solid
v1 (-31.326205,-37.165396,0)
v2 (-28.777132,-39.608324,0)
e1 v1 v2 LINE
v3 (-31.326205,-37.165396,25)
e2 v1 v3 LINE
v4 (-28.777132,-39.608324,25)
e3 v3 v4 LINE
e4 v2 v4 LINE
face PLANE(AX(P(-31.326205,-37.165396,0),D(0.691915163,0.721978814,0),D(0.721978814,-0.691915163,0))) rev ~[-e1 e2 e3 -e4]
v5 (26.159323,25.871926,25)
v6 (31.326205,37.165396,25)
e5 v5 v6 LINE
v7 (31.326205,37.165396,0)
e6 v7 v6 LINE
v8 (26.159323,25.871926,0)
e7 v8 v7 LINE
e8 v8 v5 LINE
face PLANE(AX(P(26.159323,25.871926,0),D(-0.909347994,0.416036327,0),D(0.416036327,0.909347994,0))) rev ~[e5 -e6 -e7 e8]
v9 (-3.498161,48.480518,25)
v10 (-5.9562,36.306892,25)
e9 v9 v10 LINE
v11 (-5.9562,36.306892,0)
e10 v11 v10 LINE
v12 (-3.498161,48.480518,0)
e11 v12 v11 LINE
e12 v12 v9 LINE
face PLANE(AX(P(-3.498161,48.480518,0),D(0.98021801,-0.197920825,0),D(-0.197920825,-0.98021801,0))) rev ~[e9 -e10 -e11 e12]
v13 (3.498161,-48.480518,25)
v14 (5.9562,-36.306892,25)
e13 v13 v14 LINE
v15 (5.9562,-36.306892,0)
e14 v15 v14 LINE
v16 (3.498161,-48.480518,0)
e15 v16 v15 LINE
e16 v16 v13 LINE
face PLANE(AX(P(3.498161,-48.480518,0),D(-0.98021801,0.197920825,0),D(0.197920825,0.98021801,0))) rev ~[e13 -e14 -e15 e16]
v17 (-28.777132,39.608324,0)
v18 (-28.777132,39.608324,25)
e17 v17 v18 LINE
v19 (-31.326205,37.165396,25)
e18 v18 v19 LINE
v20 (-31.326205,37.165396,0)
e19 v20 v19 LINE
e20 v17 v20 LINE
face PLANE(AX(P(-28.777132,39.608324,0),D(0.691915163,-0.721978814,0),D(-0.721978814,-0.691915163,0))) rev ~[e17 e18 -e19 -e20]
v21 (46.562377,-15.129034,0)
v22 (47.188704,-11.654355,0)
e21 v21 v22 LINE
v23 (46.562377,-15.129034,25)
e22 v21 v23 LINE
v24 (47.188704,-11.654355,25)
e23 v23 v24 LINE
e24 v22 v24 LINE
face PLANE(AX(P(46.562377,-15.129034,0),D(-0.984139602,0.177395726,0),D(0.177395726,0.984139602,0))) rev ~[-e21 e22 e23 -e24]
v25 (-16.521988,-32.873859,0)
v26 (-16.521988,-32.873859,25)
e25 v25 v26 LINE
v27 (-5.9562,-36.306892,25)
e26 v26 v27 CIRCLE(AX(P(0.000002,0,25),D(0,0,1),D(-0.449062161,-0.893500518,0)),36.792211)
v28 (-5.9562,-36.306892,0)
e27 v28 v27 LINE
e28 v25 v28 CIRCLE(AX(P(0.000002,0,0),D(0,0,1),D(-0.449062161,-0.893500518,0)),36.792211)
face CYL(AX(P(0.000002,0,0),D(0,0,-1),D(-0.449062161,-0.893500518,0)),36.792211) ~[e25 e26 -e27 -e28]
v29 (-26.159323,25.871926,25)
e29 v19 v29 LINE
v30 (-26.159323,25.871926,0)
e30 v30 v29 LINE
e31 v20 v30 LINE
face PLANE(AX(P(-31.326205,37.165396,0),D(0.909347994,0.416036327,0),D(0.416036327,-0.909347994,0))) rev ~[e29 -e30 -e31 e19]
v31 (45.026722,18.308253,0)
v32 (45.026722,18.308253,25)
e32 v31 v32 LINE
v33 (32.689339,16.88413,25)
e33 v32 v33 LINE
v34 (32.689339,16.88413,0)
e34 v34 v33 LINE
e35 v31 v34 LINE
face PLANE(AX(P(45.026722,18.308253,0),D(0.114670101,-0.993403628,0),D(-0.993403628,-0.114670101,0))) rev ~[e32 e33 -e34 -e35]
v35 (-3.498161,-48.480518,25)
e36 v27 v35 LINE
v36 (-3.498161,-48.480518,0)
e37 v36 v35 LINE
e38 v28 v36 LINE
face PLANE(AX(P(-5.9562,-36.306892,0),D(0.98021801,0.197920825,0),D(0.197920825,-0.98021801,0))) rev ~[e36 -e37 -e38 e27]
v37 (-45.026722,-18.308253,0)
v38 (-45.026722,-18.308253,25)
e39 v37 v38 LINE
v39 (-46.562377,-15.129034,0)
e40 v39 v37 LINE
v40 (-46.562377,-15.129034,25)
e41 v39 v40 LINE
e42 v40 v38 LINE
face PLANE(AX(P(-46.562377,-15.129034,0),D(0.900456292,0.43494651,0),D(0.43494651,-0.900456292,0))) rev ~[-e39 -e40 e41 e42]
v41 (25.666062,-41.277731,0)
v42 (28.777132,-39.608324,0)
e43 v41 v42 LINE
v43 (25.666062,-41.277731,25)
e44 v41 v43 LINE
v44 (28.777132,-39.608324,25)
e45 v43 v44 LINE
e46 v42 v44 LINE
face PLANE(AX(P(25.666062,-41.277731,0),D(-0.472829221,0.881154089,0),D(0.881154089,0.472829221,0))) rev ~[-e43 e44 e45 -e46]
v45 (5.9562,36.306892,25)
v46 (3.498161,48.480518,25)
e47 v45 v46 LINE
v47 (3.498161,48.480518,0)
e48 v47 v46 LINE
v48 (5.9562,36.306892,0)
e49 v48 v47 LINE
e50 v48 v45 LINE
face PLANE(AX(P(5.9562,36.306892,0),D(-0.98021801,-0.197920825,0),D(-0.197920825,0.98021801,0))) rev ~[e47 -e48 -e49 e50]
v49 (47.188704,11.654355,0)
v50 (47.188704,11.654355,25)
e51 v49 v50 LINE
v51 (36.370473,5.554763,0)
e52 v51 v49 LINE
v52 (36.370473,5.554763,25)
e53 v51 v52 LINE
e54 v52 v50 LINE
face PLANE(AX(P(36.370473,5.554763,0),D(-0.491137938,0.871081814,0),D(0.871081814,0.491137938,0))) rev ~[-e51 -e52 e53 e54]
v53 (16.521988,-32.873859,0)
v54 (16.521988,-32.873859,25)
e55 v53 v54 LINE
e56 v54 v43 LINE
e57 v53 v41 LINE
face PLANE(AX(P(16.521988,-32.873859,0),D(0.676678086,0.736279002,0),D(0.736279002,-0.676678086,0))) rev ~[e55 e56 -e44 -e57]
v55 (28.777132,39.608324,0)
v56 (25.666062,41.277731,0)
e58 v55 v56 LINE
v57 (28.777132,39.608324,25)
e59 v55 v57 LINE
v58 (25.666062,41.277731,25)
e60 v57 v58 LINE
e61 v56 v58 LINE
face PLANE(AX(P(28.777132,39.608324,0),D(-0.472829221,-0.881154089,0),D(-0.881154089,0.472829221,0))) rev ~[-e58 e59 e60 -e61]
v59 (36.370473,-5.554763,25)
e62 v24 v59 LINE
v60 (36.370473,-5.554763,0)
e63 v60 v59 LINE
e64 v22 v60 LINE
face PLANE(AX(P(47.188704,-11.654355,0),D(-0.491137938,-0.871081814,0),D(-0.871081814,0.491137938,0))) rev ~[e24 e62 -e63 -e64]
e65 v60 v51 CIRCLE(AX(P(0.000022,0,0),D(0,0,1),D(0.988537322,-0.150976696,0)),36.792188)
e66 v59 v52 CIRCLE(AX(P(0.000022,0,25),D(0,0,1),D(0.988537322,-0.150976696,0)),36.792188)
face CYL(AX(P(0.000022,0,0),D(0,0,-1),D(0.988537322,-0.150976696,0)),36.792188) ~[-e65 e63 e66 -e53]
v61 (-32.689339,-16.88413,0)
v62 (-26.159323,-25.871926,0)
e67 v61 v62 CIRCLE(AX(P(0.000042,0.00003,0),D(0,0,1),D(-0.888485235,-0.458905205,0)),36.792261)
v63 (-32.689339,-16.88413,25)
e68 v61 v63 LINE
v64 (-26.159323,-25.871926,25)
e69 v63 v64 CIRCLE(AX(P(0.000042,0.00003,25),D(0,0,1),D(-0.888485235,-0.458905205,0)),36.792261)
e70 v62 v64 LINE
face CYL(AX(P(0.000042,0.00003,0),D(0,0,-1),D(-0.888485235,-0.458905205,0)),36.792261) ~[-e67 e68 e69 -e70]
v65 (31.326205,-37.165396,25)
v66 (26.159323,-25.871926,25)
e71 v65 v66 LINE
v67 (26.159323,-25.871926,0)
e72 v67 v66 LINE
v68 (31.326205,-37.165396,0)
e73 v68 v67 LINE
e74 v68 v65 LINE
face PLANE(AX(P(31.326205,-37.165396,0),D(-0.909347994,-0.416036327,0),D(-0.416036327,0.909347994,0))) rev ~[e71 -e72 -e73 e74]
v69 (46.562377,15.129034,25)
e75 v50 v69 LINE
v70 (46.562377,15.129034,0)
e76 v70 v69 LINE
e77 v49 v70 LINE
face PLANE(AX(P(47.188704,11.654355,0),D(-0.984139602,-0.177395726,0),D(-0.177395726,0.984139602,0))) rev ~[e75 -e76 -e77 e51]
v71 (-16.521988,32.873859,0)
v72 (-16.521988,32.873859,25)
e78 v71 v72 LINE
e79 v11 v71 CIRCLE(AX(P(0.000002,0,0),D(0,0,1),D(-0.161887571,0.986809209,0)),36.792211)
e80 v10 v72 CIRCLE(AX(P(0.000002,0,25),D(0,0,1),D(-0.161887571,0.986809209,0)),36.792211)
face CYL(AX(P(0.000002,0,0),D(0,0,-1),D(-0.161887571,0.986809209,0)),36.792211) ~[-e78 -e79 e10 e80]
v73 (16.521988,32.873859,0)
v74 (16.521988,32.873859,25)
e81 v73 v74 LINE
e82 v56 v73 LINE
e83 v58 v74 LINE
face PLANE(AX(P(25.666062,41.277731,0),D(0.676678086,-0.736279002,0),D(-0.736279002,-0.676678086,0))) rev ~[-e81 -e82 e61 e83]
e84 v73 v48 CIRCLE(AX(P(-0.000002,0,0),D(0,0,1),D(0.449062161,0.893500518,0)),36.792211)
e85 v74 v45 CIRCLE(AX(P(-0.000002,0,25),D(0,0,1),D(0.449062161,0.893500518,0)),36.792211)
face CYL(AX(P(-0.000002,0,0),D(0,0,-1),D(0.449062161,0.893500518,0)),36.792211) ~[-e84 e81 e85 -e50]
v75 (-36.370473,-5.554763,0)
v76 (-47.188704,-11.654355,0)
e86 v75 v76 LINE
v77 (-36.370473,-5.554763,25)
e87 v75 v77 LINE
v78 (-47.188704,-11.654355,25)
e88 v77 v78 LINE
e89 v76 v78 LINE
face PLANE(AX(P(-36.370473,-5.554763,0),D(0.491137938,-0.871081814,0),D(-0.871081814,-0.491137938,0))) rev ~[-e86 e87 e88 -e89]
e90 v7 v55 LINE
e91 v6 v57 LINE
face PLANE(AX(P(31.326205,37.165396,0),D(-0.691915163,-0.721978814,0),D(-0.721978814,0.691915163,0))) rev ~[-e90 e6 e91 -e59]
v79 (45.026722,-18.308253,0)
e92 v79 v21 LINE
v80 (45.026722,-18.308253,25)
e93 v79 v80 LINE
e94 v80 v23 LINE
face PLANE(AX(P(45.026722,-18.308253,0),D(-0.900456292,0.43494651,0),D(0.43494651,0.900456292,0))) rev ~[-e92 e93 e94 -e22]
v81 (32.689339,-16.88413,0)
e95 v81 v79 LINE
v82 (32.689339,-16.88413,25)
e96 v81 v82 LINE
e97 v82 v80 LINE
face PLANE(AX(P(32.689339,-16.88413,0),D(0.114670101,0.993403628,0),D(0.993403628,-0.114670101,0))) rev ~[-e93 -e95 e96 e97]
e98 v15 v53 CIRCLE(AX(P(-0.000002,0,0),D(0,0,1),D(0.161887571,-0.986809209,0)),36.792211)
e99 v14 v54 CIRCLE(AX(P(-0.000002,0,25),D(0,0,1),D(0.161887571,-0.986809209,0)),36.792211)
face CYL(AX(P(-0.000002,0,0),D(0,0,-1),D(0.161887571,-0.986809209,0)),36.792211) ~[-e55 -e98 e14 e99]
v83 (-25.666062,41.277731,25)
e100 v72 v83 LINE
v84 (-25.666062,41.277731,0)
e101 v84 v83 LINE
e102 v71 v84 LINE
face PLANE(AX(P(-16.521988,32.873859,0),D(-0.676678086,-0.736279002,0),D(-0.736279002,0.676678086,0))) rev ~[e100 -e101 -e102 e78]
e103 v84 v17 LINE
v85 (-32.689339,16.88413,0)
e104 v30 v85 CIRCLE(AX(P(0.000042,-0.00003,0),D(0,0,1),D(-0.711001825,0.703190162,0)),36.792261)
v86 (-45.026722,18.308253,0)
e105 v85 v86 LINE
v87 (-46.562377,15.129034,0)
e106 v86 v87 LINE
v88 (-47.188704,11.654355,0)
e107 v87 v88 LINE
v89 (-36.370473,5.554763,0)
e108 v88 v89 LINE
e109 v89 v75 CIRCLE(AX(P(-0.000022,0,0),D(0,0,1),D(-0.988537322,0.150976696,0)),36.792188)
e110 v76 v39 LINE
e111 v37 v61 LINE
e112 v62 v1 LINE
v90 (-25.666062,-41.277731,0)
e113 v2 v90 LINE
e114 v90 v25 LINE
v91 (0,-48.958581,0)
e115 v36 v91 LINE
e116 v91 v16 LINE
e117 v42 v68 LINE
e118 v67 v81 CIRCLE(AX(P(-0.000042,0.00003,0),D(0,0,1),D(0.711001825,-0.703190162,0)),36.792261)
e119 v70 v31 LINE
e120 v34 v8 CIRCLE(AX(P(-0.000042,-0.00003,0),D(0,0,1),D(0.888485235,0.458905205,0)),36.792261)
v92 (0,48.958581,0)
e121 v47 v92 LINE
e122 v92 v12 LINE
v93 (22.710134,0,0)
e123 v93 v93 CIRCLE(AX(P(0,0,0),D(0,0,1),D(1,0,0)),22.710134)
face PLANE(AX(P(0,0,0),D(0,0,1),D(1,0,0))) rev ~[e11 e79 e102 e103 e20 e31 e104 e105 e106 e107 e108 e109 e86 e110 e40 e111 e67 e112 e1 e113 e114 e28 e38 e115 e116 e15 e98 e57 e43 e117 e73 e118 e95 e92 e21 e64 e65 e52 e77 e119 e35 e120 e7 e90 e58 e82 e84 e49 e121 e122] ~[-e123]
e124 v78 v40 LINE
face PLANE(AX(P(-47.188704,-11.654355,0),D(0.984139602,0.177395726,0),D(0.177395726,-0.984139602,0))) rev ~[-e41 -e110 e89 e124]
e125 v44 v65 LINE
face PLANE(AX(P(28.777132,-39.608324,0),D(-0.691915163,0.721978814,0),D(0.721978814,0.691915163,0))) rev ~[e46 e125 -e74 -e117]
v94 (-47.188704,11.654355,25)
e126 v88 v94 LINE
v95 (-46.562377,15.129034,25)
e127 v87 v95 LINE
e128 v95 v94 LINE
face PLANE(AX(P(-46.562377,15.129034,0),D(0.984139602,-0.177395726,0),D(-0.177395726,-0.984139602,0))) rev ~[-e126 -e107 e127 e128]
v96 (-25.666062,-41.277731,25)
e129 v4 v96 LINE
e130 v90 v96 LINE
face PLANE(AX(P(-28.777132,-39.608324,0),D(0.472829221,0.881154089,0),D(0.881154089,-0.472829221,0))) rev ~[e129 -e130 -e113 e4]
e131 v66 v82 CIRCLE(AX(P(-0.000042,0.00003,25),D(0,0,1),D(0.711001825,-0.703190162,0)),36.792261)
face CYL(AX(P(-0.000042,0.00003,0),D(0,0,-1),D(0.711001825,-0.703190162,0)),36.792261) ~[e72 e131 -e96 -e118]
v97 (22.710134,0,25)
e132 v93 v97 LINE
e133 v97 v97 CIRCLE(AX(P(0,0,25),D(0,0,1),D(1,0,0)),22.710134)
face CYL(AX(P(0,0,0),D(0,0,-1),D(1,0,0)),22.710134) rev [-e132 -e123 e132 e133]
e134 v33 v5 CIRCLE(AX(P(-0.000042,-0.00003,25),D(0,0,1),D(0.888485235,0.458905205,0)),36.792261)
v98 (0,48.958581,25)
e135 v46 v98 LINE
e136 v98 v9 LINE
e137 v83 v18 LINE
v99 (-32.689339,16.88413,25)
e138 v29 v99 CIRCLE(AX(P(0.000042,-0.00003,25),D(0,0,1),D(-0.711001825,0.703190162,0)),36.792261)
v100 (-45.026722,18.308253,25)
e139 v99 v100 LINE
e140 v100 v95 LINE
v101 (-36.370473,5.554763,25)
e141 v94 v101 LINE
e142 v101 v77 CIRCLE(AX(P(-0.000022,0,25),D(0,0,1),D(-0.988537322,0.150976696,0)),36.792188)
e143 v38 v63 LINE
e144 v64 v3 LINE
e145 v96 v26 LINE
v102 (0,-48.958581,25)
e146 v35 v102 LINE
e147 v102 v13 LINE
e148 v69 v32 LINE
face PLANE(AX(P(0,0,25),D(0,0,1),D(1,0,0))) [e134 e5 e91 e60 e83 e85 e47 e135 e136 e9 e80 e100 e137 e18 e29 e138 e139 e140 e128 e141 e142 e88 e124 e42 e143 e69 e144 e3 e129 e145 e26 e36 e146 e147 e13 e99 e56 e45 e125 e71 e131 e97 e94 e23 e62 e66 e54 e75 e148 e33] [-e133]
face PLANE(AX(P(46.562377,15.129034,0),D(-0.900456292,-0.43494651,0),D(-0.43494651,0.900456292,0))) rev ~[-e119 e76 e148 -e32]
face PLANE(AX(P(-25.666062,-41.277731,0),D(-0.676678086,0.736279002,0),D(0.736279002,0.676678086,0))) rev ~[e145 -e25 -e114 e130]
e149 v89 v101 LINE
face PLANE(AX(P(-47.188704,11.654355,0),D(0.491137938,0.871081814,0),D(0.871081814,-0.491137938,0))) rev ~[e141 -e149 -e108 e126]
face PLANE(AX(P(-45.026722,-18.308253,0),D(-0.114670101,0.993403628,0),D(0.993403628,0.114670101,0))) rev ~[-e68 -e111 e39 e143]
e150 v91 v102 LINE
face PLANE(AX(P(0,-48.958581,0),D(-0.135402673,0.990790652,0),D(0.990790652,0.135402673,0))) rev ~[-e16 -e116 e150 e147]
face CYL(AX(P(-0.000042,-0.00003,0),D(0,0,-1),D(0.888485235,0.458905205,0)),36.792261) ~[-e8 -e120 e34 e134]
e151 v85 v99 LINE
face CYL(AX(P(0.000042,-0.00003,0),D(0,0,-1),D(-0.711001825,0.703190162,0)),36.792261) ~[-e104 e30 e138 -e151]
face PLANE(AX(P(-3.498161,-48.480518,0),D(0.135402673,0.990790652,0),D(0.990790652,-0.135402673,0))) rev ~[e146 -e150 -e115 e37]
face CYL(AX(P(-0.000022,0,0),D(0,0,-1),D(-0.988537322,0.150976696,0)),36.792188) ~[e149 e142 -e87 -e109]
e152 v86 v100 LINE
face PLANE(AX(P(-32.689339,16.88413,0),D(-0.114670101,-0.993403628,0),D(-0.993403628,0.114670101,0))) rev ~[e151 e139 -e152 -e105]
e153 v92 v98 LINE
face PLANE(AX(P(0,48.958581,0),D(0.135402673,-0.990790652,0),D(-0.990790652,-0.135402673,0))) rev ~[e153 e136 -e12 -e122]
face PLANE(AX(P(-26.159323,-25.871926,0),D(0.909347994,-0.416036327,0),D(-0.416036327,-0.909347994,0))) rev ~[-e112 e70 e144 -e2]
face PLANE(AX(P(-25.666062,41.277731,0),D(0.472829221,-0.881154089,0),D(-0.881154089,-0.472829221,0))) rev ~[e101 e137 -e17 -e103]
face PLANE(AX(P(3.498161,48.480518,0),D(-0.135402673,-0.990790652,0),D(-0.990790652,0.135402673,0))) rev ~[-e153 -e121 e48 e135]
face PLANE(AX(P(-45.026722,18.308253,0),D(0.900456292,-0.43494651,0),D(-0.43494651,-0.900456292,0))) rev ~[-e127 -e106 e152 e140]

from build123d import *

# Parameters (mm, degrees)
F1_R     = 22.710134
F2_DEPTH = 25


with BuildPart() as f2:
    # F1 (on Top) → F2 (new body)
    with BuildSketch(Plane.XY):
        with BuildLine():
            Line((3.498161, 48.480518), (0, 48.958581))
            Line((0, 48.958581), (-3.498161, 48.480518))
            Line((-3.498161, 48.480518), (-5.9562, 36.306892))
            ThreePointArc((-5.9562, 36.306892), (-11.369418, 34.991471), (-16.521988, 32.873859))
            Line((-16.521988, 32.873859), (-25.666062, 41.277731))
            Line((-25.666062, 41.277731), (-28.777132, 39.608324))
            Line((-28.777132, 39.608324), (-31.326205, 37.165396))
            Line((-31.326205, 37.165396), (-26.159323, 25.871926))
            ThreePointArc((-26.159323, 25.871926), (-29.765523, 21.625918), (-32.689339, 16.88413))
            Line((-32.689339, 16.88413), (-45.026722, 18.308253))
            Line((-45.026722, 18.308253), (-46.562377, 15.129034))
            Line((-46.562377, 15.129034), (-47.188704, 11.654355))
            Line((-47.188704, 11.654355), (-36.370473, 5.554763))
            ThreePointArc((-36.370473, 5.554763), (-36.79221, 0), (-36.370473, -5.554763))
            Line((-36.370473, -5.554763), (-47.188704, -11.654355))
            Line((-47.188704, -11.654355), (-46.562377, -15.129034))
            Line((-46.562377, -15.129034), (-45.026722, -18.308253))
            Line((-45.026722, -18.308253), (-32.689339, -16.88413))
            ThreePointArc((-32.689339, -16.88413), (-29.765523, -21.625918), (-26.159323, -25.871926))
            Line((-26.159323, -25.871926), (-31.326205, -37.165396))
            Line((-31.326205, -37.165396), (-28.777132, -39.608324))
            Line((-28.777132, -39.608324), (-25.666062, -41.277731))
            Line((-25.666062, -41.277731), (-16.521988, -32.873859))
            ThreePointArc((-16.521988, -32.873859), (-11.369418, -34.991471), (-5.9562, -36.306892))
            Line((-5.9562, -36.306892), (-3.498161, -48.480518))
            Line((-3.498161, -48.480518), (0, -48.958581))
            Line((0, -48.958581), (3.498161, -48.480518))
            Line((3.498161, -48.480518), (5.9562, -36.306892))
            ThreePointArc((5.9562, -36.306892), (11.369418, -34.991471), (16.521988, -32.873859))
            Line((16.521988, -32.873859), (25.666062, -41.277731))
            Line((25.666062, -41.277731), (28.777132, -39.608324))
            Line((28.777132, -39.608324), (31.326205, -37.165396))
            Line((31.326205, -37.165396), (26.159323, -25.871926))
            ThreePointArc((26.159323, -25.871926), (29.765523, -21.625918), (32.689339, -16.88413))
            Line((32.689339, -16.88413), (45.026722, -18.308253))
            Line((45.026722, -18.308253), (46.562377, -15.129034))
            Line((46.562377, -15.129034), (47.188704, -11.654355))
            Line((47.188704, -11.654355), (36.370473, -5.554763))
            ThreePointArc((36.370473, -5.554763), (36.79221, 0), (36.370473, 5.554763))
            Line((36.370473, 5.554763), (47.188704, 11.654355))
            Line((47.188704, 11.654355), (46.562377, 15.129034))
            Line((46.562377, 15.129034), (45.026722, 18.308253))
            Line((45.026722, 18.308253), (32.689339, 16.88413))
            ThreePointArc((32.689339, 16.88413), (29.765523, 21.625918), (26.159323, 25.871926))
            Line((26.159323, 25.871926), (31.326205, 37.165396))
            Line((31.326205, 37.165396), (28.777132, 39.608324))
            Line((28.777132, 39.608324), (25.666062, 41.277731))
            Line((25.666062, 41.277731), (16.521988, 32.873859))
            ThreePointArc((16.521988, 32.873859), (11.369418, 34.991471), (5.9562, 36.306892))
            Line((5.9562, 36.306892), (3.498161, 48.480518))
        make_face()
        Circle(F1_R, mode=Mode.SUBTRACT)
    extrude(amount=F2_DEPTH)


solid = f2.part
